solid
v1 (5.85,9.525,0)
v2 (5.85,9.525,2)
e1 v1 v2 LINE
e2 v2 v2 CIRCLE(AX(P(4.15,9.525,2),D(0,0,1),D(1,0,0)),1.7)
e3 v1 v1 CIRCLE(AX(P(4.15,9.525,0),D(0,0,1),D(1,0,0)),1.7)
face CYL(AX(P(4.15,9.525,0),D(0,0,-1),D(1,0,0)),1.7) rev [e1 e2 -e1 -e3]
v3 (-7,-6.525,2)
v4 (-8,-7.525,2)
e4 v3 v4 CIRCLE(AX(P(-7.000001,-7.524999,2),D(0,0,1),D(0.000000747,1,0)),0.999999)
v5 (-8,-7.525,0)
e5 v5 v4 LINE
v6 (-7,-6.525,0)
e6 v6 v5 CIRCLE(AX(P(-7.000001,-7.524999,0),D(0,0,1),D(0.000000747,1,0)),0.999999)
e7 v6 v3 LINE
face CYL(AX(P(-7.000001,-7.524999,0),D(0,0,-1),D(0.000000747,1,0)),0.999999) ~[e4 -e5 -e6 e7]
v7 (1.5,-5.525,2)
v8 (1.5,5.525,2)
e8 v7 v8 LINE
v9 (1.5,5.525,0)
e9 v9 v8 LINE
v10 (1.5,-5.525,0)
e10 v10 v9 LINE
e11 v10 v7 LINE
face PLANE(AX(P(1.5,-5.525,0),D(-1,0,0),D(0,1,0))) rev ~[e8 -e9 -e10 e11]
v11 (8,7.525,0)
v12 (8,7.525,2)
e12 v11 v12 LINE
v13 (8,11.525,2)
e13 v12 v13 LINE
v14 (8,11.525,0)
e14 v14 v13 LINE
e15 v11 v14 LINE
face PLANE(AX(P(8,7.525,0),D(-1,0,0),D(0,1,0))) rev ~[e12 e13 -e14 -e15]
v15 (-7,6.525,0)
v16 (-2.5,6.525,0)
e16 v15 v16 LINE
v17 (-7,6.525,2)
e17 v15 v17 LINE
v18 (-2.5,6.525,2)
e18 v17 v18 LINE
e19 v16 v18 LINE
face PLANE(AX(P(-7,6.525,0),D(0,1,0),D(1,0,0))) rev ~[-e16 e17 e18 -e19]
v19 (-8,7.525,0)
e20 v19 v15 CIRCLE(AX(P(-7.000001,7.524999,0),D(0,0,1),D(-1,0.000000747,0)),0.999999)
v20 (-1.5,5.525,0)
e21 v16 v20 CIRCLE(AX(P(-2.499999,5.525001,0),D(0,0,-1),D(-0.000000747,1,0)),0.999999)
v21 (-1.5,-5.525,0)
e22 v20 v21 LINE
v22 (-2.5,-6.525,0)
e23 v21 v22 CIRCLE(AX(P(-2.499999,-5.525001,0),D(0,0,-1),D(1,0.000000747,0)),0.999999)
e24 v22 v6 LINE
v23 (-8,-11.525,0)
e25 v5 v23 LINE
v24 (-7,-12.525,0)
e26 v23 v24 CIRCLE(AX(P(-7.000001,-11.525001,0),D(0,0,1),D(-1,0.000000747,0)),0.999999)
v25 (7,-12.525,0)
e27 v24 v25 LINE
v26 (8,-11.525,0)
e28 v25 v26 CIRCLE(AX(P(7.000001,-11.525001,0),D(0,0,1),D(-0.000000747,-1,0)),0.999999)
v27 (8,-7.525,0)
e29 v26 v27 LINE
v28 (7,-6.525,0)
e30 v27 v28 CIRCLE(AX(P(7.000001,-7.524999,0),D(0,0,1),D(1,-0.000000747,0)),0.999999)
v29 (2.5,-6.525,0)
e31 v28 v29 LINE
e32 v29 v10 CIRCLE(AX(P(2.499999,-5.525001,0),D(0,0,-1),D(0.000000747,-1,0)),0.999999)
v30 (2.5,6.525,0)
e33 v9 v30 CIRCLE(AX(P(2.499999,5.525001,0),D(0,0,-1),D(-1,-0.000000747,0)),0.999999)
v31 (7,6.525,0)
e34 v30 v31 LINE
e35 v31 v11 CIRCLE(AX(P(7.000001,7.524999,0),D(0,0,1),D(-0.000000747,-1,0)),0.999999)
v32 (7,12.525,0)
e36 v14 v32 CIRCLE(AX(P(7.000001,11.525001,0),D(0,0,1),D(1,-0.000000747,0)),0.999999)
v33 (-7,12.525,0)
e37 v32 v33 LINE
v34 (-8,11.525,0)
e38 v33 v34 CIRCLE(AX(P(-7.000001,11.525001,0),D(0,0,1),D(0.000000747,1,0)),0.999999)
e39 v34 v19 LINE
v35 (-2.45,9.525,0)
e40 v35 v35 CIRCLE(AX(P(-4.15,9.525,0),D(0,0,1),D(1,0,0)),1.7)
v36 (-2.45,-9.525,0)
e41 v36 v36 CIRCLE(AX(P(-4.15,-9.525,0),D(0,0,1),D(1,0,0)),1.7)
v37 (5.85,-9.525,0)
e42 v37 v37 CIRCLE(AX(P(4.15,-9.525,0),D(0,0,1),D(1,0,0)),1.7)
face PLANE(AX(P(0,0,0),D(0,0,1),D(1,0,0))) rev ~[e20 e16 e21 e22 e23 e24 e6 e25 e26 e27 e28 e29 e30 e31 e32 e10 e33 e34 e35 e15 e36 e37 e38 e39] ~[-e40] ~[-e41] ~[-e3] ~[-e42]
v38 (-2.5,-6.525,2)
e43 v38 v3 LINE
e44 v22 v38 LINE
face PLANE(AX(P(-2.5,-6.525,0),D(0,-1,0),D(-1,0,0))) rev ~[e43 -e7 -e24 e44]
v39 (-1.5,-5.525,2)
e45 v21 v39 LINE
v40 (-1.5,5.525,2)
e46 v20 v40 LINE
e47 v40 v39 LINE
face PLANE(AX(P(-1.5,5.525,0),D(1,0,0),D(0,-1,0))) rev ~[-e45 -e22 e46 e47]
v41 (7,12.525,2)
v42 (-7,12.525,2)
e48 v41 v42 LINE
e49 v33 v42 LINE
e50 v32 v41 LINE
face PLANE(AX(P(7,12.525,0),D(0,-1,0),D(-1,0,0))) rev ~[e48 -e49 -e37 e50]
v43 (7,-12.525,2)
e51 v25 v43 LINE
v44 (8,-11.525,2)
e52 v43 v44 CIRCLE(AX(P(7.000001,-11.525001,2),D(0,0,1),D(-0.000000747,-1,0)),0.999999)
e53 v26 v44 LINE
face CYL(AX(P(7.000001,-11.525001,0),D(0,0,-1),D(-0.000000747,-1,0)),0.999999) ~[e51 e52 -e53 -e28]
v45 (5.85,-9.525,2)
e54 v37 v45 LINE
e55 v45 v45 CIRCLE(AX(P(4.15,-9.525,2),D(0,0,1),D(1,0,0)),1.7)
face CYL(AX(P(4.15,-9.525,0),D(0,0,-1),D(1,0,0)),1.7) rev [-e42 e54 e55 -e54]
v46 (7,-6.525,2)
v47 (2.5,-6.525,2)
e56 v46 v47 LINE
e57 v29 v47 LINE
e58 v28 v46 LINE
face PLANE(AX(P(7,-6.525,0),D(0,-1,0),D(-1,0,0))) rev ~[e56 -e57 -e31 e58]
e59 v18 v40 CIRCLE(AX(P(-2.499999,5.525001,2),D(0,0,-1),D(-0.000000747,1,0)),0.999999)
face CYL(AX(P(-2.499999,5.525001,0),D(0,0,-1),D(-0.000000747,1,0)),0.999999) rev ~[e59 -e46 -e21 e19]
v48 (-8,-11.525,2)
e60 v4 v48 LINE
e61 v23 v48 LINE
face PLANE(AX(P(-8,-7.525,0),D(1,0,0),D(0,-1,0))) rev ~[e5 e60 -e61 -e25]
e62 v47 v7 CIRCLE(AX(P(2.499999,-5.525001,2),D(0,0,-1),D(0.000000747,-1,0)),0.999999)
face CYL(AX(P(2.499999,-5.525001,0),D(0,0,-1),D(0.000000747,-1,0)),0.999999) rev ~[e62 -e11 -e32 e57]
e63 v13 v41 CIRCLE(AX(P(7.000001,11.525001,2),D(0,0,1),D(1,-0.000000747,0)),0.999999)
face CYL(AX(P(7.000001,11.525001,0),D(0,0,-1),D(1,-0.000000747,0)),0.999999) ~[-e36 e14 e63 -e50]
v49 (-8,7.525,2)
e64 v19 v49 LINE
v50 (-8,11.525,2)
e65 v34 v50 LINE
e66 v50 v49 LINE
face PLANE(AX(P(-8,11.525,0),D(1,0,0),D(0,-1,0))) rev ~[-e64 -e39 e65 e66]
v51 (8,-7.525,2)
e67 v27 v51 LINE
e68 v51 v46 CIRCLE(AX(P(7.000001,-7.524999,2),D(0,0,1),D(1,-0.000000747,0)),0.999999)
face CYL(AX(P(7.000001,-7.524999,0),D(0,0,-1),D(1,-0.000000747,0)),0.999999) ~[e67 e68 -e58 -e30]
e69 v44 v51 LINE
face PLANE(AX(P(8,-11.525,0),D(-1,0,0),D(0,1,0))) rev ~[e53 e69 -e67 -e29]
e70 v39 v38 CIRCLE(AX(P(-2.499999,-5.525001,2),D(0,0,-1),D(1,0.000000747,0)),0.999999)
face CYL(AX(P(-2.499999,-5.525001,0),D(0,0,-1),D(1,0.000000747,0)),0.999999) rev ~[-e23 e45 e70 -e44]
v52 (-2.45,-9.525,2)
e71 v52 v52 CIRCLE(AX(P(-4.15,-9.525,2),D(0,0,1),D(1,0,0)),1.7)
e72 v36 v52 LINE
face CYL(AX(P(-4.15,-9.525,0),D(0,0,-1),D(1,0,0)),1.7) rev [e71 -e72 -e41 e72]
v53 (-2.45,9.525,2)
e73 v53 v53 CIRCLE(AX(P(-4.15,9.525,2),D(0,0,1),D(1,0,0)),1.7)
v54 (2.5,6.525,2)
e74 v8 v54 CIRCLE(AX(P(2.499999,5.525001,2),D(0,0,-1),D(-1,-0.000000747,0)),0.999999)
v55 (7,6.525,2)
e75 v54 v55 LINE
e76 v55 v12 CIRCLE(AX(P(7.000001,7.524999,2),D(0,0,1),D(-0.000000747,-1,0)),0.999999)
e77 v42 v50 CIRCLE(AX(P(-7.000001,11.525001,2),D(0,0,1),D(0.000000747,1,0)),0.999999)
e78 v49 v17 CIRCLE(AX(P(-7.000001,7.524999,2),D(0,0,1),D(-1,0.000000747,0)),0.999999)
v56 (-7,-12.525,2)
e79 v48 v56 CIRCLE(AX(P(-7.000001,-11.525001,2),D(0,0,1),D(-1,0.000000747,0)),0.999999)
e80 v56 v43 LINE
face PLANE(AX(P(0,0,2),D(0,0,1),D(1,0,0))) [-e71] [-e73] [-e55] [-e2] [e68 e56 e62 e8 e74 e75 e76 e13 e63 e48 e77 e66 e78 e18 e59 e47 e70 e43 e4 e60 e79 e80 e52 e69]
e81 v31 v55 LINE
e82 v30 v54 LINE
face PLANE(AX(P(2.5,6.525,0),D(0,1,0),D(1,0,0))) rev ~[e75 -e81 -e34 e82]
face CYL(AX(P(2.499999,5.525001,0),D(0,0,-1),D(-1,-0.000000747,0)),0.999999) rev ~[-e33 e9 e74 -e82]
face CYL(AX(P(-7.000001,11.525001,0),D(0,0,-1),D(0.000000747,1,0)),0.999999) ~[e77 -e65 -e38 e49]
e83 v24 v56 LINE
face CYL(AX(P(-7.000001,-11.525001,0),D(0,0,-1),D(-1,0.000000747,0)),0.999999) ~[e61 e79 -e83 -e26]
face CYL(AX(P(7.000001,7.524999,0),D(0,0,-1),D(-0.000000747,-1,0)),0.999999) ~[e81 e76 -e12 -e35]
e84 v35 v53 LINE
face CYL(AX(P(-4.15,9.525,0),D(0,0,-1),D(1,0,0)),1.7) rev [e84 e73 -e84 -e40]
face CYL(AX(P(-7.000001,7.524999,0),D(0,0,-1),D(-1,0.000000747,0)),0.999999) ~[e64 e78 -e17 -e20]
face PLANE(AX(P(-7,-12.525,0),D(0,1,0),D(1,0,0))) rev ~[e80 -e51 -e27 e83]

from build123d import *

# Parameters (mm, degrees)
F0_R     = 1.7
F1_DEPTH = 2


with BuildPart() as f1:
    # F0 (on Top) → F1 (new body)
    with BuildSketch(Plane.XY):
        with BuildLine():
            Line((1.5, -5.525), (1.5, 5.525))
            ThreePointArc((1.5, 5.525), (1.792893, 6.232107), (2.5, 6.525))
            Line((2.5, 6.525), (7, 6.525))
            ThreePointArc((7, 6.525), (7.707107, 6.817893), (8, 7.525))
            Line((8, 7.525), (8, 11.525))
            ThreePointArc((8, 11.525), (7.707107, 12.232107), (7, 12.525))
            Line((7, 12.525), (-7, 12.525))
            ThreePointArc((-7, 12.525), (-7.707107, 12.232107), (-8, 11.525))
            Line((-8, 11.525), (-8, 7.525))
            ThreePointArc((-8, 7.525), (-7.707107, 6.817893), (-7, 6.525))
            Line((-7, 6.525), (-2.5, 6.525))
            ThreePointArc((-2.5, 6.525), (-1.792893, 6.232107), (-1.5, 5.525))
            Line((-1.5, 5.525), (-1.5, -5.525))
            ThreePointArc((-1.5, -5.525), (-1.792893, -6.232107), (-2.5, -6.525))
            Line((-2.5, -6.525), (-7, -6.525))
            ThreePointArc((-7, -6.525), (-7.707107, -6.817893), (-8, -7.525))
            Line((-8, -7.525), (-8, -11.525))
            ThreePointArc((-8, -11.525), (-7.707107, -12.232107), (-7, -12.525))
            Line((-7, -12.525), (7, -12.525))
            ThreePointArc((7, -12.525), (7.707107, -12.232107), (8, -11.525))
            Line((8, -11.525), (8, -7.525))
            ThreePointArc((8, -7.525), (7.707107, -6.817893), (7, -6.525))
            Line((7, -6.525), (2.5, -6.525))
            ThreePointArc((2.5, -6.525), (1.792893, -6.232107), (1.5, -5.525))
        make_face()
        with Locations((-4.15, -9.525)):
            Circle(F0_R, mode=Mode.SUBTRACT)
        with Locations((4.15, -9.525)):
            Circle(F0_R, mode=Mode.SUBTRACT)
        with Locations((-4.15, 9.525)):
            Circle(F0_R, mode=Mode.SUBTRACT)
        with Locations((4.15, 9.525)):
            Circle(F0_R, mode=Mode.SUBTRACT)
    extrude(amount=F1_DEPTH)


solid = f1.part
